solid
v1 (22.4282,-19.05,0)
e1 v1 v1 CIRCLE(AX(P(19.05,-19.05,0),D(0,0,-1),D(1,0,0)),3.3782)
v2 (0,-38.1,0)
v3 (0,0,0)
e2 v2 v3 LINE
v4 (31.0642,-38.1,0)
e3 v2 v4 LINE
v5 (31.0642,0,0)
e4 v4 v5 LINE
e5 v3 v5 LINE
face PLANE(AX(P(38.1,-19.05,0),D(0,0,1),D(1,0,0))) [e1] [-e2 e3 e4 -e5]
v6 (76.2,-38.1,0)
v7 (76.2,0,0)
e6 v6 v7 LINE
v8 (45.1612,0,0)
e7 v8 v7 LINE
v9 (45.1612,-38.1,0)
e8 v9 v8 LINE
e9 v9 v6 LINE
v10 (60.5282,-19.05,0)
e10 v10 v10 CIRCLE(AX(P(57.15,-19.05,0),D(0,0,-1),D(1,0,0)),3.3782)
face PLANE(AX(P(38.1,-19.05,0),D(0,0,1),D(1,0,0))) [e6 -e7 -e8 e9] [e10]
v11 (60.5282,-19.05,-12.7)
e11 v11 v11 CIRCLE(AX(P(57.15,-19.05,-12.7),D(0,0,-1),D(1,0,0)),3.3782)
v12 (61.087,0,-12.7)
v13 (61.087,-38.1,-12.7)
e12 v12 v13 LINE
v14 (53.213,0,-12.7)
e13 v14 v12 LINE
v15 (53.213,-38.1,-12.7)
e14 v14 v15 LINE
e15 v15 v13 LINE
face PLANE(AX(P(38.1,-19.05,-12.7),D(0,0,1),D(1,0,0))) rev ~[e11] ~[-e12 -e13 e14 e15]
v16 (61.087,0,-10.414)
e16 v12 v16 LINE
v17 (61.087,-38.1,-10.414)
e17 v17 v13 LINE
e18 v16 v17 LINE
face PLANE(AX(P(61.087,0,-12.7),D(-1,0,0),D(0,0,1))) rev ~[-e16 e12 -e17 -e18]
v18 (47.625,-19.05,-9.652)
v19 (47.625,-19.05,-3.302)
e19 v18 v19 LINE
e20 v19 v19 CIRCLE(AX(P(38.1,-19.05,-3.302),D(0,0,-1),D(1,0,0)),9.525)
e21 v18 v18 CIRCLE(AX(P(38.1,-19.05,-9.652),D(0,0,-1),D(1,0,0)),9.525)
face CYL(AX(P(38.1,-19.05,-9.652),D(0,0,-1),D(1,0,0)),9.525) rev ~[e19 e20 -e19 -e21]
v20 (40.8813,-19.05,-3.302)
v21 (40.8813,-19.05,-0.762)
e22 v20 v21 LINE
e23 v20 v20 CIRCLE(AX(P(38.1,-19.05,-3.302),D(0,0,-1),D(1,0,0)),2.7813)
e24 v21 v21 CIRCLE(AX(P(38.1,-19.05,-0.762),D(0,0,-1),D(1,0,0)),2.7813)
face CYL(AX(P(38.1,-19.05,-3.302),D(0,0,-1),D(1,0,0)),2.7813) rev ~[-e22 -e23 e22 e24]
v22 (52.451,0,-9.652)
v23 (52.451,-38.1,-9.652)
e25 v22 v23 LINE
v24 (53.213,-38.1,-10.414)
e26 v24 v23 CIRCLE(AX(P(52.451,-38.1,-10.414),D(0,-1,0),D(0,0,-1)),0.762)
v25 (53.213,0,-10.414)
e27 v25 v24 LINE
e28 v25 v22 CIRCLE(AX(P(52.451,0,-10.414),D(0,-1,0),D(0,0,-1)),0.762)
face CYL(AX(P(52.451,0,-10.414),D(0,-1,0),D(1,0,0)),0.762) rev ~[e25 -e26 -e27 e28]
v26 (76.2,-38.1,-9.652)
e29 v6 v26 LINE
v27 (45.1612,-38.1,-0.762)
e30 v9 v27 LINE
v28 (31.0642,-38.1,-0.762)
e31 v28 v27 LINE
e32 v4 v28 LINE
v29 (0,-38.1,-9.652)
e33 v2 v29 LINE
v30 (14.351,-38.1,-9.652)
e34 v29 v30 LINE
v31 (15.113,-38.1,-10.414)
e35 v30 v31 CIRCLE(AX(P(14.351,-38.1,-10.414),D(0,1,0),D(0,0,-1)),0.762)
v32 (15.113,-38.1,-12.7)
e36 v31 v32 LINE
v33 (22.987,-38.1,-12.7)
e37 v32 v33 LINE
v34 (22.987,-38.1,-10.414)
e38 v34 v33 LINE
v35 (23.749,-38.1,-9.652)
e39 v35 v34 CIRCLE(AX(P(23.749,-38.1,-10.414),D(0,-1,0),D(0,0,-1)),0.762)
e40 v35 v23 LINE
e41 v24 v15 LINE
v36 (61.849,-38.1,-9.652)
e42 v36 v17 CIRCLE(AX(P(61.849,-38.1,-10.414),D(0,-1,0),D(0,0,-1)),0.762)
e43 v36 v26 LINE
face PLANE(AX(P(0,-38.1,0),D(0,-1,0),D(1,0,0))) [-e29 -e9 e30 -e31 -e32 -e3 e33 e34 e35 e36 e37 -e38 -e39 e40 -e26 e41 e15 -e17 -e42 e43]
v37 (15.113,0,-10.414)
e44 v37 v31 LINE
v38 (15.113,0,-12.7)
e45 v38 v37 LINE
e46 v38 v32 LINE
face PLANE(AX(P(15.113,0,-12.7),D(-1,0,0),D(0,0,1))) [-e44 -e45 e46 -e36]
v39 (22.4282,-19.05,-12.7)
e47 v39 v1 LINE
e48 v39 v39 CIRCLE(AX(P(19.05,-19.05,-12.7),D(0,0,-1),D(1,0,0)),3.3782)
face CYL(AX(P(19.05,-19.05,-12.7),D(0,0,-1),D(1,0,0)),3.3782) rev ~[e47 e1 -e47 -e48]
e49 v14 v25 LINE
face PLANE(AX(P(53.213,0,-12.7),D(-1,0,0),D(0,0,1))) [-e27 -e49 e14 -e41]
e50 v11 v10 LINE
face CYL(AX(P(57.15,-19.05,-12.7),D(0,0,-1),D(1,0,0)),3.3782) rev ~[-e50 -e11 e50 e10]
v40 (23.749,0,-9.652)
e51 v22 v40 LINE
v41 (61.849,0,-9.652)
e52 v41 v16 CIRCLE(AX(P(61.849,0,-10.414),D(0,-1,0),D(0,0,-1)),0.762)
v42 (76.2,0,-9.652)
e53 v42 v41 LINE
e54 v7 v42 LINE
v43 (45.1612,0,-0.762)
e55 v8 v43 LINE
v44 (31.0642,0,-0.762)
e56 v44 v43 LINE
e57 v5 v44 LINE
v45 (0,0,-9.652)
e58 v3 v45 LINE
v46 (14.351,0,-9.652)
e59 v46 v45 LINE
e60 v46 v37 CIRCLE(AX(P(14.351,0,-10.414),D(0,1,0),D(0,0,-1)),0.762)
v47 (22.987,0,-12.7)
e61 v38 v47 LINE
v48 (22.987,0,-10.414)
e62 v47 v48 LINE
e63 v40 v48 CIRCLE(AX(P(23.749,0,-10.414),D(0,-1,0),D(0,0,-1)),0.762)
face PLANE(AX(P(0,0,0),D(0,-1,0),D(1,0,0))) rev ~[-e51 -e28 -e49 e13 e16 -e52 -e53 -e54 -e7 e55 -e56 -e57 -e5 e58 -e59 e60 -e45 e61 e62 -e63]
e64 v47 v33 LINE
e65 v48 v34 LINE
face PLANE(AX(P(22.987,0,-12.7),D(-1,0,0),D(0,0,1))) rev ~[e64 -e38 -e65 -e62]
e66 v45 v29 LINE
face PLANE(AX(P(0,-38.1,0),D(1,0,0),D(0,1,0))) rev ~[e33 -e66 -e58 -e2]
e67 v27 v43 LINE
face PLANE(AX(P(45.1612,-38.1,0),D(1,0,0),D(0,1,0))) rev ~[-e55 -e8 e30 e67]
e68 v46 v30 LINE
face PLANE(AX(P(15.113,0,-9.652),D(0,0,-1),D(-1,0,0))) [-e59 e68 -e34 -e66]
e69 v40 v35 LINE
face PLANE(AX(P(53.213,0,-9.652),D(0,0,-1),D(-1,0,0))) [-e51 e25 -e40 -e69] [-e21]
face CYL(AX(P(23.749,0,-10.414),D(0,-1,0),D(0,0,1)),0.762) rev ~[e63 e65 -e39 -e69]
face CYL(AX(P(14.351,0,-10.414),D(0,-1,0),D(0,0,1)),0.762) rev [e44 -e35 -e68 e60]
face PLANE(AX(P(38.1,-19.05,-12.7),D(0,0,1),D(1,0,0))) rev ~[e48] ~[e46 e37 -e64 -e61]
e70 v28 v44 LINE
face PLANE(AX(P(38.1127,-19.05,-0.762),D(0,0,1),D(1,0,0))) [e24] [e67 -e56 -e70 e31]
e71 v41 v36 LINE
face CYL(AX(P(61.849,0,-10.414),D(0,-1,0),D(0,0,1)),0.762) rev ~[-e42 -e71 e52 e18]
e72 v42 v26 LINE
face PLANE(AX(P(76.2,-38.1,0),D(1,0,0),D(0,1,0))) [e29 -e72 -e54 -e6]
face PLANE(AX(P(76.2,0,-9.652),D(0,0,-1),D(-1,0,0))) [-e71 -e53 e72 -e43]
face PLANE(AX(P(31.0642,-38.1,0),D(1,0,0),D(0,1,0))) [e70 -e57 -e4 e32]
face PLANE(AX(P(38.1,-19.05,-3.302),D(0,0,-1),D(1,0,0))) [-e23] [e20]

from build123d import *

# Parameters (mm, degrees)
F0_W      = 76.2
F0_H      = 38.1
F1_DEPTH  = 12.7
F2_W      = 14.097
F2_H      = 38.1
F3_DEPTH  = 0.762
F4_W      = 15.113
F4_H      = 3.048
F4_W_2    = 30.226
F5_DEPTH  = 38.101
F6_R      = 9.525
F7_DEPTH  = 6.35
F8_R      = 2.7813
F9_DEPTH  = 3.303
F10_R     = 3.3782
F11_DEPTH = 12.701
F12_R     = 0.762


with BuildPart() as f1:
    # F0 (on Top) → F1 (new body)
    with BuildSketch(Plane.XY):
        with Locations((38.1, -19.05)):
            Rectangle(F0_W, F0_H)
    extrude(amount=-F1_DEPTH)

    # F2 (on face) → F3 (cut)
    with BuildSketch(Plane.XY):
        with Locations((38.1127, -19.05)):
            Rectangle(F2_W, F2_H)
    extrude(amount=-F3_DEPTH, mode=Mode.SUBTRACT)

    # F4 (on face) → F5 (cut, through all)
    with BuildSketch(Plane(origin=(0, 0, 0), x_dir=(-1, 0, 0), z_dir=(0, 1, 0))):
        with Locations((-68.6435, -11.176)):
            Rectangle(F4_W, F4_H)
        with Locations((-38.1, -11.176)):
            Rectangle(F4_W_2, F4_H)
        with Locations((-7.5565, -11.176)):
            Rectangle(F4_W, F4_H)
    extrude(amount=-F5_DEPTH, mode=Mode.SUBTRACT)

    # F6 (on face) → F7 (cut)
    with BuildSketch(Plane(origin=(0, 0, -9.652), x_dir=(1, 0, 0), z_dir=(0, 0, -1))):
        with Locations((38.1, 19.05)):
            Circle(F6_R)
    extrude(amount=-F7_DEPTH, mode=Mode.SUBTRACT)

    # F8 (on face) → F9 (cut, through all)
    with BuildSketch(Plane(origin=(0, 0, -3.302), x_dir=(1, 0, 0), z_dir=(0, 0, -1))):
        with Locations((38.1, 19.05)):
            Circle(F8_R)
    extrude(amount=-F9_DEPTH, mode=Mode.SUBTRACT)

    # F10 (on face) → F11 (cut, through all)
    with BuildSketch(Plane(origin=(0, 0, -12.7), x_dir=(1, 0, 0), z_dir=(0, 0, -1))):
        with Locations((19.05, 19.05)):
            Circle(F10_R)
        with Locations((57.15, 19.05)):
            Circle(F10_R)
    extrude(amount=-F11_DEPTH, mode=Mode.SUBTRACT)

    # F12
    f12_edges = [f1.edges().sort_by_distance(p)[0] for p in [
        (22.987, -19.05, -9.652),
        (53.213, -19.05, -9.652),
        (15.113, -19.05, -9.652),
        (61.087, -19.05, -9.652),
    ]]
    fillet(f12_edges, radius=F12_R)


solid = f1.part
